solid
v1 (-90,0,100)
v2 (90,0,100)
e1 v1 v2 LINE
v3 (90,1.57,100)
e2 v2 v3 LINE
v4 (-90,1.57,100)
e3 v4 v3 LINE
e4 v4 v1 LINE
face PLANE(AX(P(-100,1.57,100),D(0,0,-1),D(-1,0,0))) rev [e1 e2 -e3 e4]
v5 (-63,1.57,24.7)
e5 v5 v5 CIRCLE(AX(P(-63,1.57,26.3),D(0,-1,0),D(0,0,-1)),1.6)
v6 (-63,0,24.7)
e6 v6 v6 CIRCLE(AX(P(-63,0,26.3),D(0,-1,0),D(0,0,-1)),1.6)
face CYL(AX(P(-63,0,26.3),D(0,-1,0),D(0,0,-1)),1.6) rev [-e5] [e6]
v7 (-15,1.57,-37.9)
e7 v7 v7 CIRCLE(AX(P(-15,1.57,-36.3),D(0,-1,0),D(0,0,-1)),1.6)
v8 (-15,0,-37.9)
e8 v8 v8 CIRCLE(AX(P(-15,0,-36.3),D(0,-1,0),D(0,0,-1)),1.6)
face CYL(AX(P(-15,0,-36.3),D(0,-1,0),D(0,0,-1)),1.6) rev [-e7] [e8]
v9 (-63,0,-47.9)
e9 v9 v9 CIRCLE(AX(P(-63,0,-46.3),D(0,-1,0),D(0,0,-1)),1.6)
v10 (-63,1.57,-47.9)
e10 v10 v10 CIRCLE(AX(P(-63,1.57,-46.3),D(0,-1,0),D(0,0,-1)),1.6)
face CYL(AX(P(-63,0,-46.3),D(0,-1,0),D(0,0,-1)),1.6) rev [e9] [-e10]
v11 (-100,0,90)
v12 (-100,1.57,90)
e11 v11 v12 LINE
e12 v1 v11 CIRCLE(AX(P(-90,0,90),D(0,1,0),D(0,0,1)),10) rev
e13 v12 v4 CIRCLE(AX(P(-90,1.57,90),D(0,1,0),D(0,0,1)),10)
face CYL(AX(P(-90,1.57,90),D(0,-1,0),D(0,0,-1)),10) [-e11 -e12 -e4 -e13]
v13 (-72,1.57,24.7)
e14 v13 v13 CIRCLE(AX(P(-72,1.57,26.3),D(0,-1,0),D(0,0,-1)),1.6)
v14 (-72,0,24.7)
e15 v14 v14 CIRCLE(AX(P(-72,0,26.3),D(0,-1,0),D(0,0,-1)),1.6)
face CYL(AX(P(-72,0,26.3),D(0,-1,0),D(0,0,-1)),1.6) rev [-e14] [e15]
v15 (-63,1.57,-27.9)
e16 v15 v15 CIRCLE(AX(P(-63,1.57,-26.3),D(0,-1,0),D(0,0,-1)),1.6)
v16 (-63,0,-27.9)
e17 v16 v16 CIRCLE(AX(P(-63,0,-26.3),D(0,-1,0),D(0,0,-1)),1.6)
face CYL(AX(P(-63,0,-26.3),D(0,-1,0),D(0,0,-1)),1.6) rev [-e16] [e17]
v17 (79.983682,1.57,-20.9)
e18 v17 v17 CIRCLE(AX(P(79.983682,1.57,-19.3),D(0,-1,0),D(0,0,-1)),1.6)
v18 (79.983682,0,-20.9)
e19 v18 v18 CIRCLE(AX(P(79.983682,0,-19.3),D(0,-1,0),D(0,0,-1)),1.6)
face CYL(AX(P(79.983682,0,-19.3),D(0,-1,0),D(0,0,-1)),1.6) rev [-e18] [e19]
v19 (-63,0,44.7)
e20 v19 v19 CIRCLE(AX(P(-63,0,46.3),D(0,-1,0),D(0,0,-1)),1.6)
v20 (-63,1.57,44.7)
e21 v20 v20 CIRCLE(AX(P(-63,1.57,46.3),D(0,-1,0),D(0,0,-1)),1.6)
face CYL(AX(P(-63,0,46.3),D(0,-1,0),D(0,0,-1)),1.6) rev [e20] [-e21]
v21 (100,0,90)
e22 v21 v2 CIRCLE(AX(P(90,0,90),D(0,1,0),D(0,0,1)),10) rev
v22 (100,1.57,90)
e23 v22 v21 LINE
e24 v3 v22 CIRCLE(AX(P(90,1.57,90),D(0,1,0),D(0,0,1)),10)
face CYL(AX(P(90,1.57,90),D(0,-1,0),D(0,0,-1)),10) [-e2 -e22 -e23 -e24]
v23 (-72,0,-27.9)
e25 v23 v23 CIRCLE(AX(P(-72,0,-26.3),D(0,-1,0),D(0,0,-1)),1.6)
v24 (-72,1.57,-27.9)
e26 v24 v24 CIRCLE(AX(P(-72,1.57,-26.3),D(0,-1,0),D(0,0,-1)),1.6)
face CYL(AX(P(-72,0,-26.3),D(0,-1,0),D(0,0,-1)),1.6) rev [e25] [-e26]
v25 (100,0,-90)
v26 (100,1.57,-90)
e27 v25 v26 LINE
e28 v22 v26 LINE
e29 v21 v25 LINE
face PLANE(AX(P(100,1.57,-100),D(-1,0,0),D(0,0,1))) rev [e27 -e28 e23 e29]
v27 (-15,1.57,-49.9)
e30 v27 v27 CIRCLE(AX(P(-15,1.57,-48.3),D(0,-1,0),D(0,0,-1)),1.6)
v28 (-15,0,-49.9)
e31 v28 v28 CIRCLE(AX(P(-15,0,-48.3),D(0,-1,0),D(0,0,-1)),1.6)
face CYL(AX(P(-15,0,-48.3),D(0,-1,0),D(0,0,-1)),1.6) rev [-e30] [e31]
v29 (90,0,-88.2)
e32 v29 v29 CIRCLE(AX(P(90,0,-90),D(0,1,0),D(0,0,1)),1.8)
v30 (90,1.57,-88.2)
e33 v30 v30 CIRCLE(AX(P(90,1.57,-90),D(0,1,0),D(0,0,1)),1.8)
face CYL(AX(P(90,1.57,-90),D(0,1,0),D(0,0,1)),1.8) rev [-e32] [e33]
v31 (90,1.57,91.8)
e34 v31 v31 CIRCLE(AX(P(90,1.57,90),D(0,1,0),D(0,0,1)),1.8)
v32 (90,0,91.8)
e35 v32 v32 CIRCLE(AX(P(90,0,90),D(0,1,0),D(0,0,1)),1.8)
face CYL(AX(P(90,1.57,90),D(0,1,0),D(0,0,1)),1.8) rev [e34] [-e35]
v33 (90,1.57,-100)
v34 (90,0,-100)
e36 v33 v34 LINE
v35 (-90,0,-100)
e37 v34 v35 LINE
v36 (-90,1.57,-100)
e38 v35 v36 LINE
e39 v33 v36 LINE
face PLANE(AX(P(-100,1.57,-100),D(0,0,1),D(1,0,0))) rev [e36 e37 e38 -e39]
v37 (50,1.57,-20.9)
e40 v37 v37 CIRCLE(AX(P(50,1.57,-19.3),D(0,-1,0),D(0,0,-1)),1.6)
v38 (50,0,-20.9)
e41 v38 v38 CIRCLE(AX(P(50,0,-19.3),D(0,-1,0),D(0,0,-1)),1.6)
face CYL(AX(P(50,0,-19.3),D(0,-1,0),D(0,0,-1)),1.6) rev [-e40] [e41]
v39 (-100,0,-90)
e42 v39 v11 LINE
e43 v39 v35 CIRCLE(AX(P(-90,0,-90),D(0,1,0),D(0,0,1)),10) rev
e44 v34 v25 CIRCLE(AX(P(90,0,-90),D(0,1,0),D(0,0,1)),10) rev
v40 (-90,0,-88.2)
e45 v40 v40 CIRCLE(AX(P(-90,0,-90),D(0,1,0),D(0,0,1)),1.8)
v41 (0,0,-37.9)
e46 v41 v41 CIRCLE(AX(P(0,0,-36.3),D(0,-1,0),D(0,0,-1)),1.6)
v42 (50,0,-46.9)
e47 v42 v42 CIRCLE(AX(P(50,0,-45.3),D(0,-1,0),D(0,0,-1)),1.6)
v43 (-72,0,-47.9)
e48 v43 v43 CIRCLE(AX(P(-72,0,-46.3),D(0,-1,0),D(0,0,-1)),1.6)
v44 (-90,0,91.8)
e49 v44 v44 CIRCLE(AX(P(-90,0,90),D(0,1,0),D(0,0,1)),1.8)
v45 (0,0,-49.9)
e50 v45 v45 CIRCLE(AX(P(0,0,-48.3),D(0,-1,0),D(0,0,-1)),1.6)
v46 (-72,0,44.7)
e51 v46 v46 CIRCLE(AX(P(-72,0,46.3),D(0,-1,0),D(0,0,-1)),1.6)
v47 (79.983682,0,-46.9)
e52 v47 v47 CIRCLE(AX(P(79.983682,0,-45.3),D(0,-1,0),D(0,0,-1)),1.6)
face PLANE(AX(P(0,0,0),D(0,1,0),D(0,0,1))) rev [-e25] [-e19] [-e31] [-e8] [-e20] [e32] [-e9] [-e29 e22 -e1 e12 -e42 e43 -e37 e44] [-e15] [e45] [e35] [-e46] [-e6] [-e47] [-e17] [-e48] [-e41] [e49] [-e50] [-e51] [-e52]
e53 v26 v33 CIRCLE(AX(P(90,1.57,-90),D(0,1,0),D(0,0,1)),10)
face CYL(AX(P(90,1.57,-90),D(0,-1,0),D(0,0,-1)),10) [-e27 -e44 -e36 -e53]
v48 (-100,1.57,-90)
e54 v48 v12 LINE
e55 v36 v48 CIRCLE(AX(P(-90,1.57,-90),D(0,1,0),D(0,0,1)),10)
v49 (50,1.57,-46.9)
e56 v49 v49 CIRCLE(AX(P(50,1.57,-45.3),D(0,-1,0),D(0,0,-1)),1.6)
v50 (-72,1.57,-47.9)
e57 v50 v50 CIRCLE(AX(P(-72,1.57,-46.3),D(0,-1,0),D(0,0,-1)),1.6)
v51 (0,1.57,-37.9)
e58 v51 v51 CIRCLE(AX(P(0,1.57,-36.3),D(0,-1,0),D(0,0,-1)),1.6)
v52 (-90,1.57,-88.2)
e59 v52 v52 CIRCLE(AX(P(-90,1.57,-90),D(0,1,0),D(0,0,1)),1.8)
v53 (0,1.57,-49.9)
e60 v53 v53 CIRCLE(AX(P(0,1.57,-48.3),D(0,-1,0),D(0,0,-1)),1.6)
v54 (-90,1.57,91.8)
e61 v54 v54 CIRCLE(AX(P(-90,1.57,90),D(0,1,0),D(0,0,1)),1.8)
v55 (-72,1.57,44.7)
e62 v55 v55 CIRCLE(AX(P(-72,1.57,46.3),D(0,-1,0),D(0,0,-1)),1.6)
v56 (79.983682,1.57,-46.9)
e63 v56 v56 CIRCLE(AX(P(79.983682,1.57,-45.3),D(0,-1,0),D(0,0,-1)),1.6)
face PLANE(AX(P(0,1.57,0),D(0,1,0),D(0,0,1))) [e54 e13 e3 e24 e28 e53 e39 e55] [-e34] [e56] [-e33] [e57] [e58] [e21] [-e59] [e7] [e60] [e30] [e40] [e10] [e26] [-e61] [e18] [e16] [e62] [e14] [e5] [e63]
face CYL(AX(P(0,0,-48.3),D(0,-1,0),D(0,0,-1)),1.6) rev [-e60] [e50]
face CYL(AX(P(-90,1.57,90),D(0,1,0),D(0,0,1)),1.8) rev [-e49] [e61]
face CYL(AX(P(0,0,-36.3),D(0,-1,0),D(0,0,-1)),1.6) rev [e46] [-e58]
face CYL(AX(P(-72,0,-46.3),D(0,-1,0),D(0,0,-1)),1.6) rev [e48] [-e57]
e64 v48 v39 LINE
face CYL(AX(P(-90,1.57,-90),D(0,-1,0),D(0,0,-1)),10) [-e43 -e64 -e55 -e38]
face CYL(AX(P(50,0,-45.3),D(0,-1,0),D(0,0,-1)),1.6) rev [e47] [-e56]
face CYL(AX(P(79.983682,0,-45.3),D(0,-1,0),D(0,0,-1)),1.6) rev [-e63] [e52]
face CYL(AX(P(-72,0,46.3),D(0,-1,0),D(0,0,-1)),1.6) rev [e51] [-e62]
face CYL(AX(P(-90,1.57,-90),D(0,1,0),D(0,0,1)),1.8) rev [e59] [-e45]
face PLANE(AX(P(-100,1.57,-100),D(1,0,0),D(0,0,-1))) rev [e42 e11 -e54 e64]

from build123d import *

# Parameters (mm, degrees)
SKETCH2_W                      = 200
SKETCH2_H                      = 200
BOSS_EXTRUDE1_DEPTH            = 1.57
F_3_6_3_6_DIAMETER_HOLE1_D     = 3.6
F_3_6_3_6_DIAMETER_HOLE1_DEPTH = 3.2
F_3_6_3_6_DIAMETER_HOLE1_TIP   = 1.081549114
F_3_2_3_2_DIAMETER_HOLE1_D     = 3.2
F_3_2_3_2_DIAMETER_HOLE1_DEPTH = 1.57
F_3_2_3_2_DIAMETER_HOLE1_TIP   = 0.96137699
FILLET1_R                      = 10
FILLET2_R                      = 10


with BuildPart() as part:
    # Sketch2 → Boss-Extrude1 (new body)
    with BuildSketch(Plane(origin=(0, 0, 0), x_dir=(1, 0, 0), z_dir=(0, 1, 0))):
        Rectangle(SKETCH2_W, SKETCH2_H)
    extrude(amount=BOSS_EXTRUDE1_DEPTH)

    # Ø3.6 (3.6) Diameter Hole1
    with Locations(Plane(origin=(0, 1.57, 0), x_dir=(1, 0, 0), z_dir=(0, 1, 0))):
        with Locations((-90, 90), (90, 90), (90, -90), (-90, -90)):
            Hole(F_3_6_3_6_DIAMETER_HOLE1_D / 2, depth=F_3_6_3_6_DIAMETER_HOLE1_DEPTH)
            with Locations((0, 0, -(F_3_6_3_6_DIAMETER_HOLE1_DEPTH + F_3_6_3_6_DIAMETER_HOLE1_TIP / 2))):  # 118° drill point
                Cone(0, F_3_6_3_6_DIAMETER_HOLE1_D / 2, F_3_6_3_6_DIAMETER_HOLE1_TIP, mode=Mode.SUBTRACT)

    # Ø3.2 (3.2) Diameter Hole1
    with Locations(Plane(origin=(0, 0, 0), x_dir=(-1, 0, 0), z_dir=(0, -1, 0))):
        with Locations((15, 48.3), (0, 48.3), (0, 36.3), (15, 36.3), (63, 46.3), (72, 46.3), (63, 26.3), (72, 26.3), (-50, 45.3), (-79.983681894, 45.3), (-79.983681894, 19.3), (-50, 19.3), (72, -26.3), (63, -26.3), (63, -46.3), (72, -46.3)):
            Hole(F_3_2_3_2_DIAMETER_HOLE1_D / 2, depth=F_3_2_3_2_DIAMETER_HOLE1_DEPTH)
            with Locations((0, 0, -(F_3_2_3_2_DIAMETER_HOLE1_DEPTH + F_3_2_3_2_DIAMETER_HOLE1_TIP / 2))):  # 118° drill point
                Cone(0, F_3_2_3_2_DIAMETER_HOLE1_D / 2, F_3_2_3_2_DIAMETER_HOLE1_TIP, mode=Mode.SUBTRACT)

    # Fillet1
    fillet1_edges = [part.edges().sort_by_distance(p)[0] for p in [
        (100, 0.785, 100),
    ]]
    fillet(fillet1_edges, radius=FILLET1_R)

    # Fillet2
    fillet2_edges = [part.edges().sort_by_distance(p)[0] for p in [
        (-100, 0.785, 100),
        (-100, 0.785, -100),
        (100, 0.785, -100),
    ]]
    fillet(fillet2_edges, radius=FILLET2_R)


solid = part.part
